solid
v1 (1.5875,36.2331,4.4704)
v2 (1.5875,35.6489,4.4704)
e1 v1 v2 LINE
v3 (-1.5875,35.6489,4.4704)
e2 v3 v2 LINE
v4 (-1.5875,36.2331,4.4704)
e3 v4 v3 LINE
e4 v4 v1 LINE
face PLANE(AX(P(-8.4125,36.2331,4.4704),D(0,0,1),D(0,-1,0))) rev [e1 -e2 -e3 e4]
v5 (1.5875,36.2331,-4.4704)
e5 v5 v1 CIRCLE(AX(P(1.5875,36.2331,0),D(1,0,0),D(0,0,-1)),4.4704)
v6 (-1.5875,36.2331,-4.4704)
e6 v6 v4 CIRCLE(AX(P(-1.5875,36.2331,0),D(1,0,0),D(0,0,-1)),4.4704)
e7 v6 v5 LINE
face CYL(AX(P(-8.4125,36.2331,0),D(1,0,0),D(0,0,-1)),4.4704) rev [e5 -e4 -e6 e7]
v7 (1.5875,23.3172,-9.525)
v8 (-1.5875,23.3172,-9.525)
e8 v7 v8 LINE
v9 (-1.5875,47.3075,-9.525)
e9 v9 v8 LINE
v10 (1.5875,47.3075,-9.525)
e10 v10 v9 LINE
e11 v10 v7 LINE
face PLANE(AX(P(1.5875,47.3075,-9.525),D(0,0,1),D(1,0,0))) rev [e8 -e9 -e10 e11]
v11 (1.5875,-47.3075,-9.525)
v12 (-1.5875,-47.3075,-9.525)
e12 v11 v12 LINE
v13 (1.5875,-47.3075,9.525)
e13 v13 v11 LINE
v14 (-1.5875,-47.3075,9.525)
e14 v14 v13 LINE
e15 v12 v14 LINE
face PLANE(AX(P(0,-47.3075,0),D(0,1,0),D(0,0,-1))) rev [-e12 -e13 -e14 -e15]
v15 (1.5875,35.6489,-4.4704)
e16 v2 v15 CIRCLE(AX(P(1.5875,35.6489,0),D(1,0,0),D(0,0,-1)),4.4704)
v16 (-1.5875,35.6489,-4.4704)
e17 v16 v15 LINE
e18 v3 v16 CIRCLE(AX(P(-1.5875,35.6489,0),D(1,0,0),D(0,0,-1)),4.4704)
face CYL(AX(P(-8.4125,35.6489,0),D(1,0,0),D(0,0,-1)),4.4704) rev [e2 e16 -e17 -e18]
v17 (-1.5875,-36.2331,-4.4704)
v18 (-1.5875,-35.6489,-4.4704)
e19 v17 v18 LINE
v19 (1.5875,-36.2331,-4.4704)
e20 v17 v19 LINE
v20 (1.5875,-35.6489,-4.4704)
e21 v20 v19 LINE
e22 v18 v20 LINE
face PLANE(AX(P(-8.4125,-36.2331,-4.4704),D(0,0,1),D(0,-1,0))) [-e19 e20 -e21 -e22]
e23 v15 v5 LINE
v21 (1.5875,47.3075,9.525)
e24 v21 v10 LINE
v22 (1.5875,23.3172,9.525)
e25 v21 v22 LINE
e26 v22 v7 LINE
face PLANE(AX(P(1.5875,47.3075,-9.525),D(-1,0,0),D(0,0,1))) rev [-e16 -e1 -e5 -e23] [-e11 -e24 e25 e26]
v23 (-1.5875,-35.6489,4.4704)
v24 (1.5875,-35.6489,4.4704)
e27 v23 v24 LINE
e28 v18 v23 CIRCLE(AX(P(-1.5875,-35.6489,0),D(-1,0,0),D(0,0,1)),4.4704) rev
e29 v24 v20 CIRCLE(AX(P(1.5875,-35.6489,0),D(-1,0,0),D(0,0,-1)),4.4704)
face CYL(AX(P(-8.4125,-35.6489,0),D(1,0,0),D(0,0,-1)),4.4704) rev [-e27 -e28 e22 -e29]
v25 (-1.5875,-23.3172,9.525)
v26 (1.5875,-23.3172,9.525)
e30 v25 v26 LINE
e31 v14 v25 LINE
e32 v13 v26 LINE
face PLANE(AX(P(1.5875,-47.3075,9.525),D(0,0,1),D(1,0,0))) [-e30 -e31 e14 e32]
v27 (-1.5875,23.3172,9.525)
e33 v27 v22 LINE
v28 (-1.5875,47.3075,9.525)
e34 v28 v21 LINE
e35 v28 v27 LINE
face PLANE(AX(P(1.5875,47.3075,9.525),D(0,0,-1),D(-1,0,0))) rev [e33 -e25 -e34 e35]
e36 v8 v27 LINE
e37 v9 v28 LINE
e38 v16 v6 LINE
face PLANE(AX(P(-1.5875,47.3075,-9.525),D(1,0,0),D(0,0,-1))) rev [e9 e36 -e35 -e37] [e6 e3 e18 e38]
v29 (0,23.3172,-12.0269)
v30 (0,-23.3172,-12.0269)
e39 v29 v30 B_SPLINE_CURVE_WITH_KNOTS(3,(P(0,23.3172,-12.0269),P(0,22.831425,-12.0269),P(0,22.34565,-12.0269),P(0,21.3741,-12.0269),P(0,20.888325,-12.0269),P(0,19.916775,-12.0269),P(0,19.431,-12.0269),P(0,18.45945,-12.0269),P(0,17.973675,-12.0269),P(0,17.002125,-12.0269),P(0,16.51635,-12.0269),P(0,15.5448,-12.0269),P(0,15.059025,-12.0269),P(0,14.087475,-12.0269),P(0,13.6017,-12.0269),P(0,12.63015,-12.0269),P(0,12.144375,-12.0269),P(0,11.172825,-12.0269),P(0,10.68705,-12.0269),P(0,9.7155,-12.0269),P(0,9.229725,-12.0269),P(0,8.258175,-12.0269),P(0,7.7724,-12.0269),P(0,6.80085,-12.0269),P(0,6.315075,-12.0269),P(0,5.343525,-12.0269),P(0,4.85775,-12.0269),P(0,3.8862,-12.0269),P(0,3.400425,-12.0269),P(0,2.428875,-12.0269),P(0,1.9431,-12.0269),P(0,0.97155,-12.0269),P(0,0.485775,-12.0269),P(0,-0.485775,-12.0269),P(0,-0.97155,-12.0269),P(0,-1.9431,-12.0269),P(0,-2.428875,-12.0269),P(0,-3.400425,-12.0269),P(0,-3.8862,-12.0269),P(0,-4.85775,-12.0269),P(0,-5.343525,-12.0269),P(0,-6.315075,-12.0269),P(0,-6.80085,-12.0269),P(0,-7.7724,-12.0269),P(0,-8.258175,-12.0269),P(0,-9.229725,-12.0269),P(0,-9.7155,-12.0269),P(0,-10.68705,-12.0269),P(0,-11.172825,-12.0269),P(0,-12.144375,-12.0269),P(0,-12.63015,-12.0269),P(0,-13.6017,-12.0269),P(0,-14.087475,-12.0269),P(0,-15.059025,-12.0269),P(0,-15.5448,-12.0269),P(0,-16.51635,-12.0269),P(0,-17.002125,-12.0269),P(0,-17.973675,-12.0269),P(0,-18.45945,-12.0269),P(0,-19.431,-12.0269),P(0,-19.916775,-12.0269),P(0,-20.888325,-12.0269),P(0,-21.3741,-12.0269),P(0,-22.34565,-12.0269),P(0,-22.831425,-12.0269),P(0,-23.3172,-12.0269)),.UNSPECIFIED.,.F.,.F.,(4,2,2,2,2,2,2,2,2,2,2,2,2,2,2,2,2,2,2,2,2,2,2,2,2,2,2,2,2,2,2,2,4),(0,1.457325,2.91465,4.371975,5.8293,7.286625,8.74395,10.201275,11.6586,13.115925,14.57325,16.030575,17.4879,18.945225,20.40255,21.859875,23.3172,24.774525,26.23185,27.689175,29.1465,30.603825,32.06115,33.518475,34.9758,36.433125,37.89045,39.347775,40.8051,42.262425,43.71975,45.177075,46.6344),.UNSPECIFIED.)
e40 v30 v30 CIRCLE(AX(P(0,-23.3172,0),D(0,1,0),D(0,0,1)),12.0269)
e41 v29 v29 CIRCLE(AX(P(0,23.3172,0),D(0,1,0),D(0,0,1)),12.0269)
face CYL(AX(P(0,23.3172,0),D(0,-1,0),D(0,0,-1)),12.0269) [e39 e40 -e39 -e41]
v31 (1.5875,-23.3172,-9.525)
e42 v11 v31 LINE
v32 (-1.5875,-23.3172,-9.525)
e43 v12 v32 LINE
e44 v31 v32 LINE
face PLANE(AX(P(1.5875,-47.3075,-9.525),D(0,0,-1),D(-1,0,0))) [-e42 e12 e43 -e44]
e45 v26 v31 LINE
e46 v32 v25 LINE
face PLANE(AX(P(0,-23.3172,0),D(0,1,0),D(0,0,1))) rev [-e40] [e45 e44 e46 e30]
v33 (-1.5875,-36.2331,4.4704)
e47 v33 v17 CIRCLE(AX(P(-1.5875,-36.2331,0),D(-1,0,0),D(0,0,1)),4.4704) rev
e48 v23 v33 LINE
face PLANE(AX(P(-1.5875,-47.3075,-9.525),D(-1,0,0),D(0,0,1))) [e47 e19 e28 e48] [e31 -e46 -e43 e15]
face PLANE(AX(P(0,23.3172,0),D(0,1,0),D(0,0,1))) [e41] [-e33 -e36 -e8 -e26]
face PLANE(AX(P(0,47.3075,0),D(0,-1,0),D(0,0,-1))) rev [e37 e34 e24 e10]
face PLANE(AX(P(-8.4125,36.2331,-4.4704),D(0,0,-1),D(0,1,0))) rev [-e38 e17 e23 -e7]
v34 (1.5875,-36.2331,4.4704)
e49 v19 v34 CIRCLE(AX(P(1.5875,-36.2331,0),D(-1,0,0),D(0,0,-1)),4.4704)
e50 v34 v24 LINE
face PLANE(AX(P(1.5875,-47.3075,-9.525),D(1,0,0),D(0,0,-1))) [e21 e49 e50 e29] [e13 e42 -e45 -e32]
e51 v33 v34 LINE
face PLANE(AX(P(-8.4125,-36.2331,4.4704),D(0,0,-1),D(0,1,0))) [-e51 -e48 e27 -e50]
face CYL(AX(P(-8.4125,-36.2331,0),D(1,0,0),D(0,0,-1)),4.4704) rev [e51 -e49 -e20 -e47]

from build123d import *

# Parameters (mm, degrees)
SKETCH1_R           = 12.0269
BOSS_EXTRUDE1_DEPTH = 23.3172
SKETCH3_W           = 3.175
SKETCH3_H           = 19.05
BOSS_EXTRUDE3_DEPTH = 23.9903
CUT_EXTRUDE1_DEPTH  = 10


with BuildPart() as part:
    # Sketch1 → Boss-Extrude1 (new, symmetric)
    with BuildSketch(Plane(origin=(0, 0, 0), x_dir=(1, 0, 0), z_dir=(0, 1, 0))):
        with Locations(Location((0, 0, 0), (0, 0, 90))):
            Circle(SKETCH1_R)
    extrude(amount=BOSS_EXTRUDE1_DEPTH, both=True)

    # Sketch3 → Boss-Extrude3 (add)
    with BuildSketch(Plane(origin=(0, 23.3172, 0), x_dir=(1, 0, 0), z_dir=(0, 1, 0))):
        Rectangle(SKETCH3_W, SKETCH3_H)
    boss_extrude3 = extrude(amount=BOSS_EXTRUDE3_DEPTH)

    # Sketch4 → Cut-Extrude1 (cut)
    with BuildSketch(Plane(origin=(1.5875, 0, 0), x_dir=(0, 0, -1), z_dir=(1, 0, 0))):
        with BuildLine():
            Line((4.4704, 36.2331), (4.4704, 35.6489))
            ThreePointArc((4.4704, 35.6489), (0, 31.1785), (-4.4704, 35.6489))
            Line((-4.4704, 35.6489), (-4.4704, 36.2331))
            ThreePointArc((-4.4704, 36.2331), (0, 40.7035), (4.4704, 36.2331))
        make_face()
        with BuildLine():
            Line((4.4704, -36.2331), (4.4704, -35.6489))
            ThreePointArc((4.4704, -35.6489), (0, -31.1785), (-4.4704, -35.6489))
            Line((-4.4704, -35.6489), (-4.4704, -36.2331))
            ThreePointArc((-4.4704, -36.2331), (0, -40.7035), (4.4704, -36.2331))
        make_face()
    cut_extrude1 = extrude(amount=-CUT_EXTRUDE1_DEPTH, mode=Mode.SUBTRACT)

    # Mirror1: Boss-Extrude3, Cut-Extrude1 across plane
    add(boss_extrude3.mirror(Plane.ZX))
    add(cut_extrude1.mirror(Plane.ZX), mode=Mode.SUBTRACT)


solid = part.part
